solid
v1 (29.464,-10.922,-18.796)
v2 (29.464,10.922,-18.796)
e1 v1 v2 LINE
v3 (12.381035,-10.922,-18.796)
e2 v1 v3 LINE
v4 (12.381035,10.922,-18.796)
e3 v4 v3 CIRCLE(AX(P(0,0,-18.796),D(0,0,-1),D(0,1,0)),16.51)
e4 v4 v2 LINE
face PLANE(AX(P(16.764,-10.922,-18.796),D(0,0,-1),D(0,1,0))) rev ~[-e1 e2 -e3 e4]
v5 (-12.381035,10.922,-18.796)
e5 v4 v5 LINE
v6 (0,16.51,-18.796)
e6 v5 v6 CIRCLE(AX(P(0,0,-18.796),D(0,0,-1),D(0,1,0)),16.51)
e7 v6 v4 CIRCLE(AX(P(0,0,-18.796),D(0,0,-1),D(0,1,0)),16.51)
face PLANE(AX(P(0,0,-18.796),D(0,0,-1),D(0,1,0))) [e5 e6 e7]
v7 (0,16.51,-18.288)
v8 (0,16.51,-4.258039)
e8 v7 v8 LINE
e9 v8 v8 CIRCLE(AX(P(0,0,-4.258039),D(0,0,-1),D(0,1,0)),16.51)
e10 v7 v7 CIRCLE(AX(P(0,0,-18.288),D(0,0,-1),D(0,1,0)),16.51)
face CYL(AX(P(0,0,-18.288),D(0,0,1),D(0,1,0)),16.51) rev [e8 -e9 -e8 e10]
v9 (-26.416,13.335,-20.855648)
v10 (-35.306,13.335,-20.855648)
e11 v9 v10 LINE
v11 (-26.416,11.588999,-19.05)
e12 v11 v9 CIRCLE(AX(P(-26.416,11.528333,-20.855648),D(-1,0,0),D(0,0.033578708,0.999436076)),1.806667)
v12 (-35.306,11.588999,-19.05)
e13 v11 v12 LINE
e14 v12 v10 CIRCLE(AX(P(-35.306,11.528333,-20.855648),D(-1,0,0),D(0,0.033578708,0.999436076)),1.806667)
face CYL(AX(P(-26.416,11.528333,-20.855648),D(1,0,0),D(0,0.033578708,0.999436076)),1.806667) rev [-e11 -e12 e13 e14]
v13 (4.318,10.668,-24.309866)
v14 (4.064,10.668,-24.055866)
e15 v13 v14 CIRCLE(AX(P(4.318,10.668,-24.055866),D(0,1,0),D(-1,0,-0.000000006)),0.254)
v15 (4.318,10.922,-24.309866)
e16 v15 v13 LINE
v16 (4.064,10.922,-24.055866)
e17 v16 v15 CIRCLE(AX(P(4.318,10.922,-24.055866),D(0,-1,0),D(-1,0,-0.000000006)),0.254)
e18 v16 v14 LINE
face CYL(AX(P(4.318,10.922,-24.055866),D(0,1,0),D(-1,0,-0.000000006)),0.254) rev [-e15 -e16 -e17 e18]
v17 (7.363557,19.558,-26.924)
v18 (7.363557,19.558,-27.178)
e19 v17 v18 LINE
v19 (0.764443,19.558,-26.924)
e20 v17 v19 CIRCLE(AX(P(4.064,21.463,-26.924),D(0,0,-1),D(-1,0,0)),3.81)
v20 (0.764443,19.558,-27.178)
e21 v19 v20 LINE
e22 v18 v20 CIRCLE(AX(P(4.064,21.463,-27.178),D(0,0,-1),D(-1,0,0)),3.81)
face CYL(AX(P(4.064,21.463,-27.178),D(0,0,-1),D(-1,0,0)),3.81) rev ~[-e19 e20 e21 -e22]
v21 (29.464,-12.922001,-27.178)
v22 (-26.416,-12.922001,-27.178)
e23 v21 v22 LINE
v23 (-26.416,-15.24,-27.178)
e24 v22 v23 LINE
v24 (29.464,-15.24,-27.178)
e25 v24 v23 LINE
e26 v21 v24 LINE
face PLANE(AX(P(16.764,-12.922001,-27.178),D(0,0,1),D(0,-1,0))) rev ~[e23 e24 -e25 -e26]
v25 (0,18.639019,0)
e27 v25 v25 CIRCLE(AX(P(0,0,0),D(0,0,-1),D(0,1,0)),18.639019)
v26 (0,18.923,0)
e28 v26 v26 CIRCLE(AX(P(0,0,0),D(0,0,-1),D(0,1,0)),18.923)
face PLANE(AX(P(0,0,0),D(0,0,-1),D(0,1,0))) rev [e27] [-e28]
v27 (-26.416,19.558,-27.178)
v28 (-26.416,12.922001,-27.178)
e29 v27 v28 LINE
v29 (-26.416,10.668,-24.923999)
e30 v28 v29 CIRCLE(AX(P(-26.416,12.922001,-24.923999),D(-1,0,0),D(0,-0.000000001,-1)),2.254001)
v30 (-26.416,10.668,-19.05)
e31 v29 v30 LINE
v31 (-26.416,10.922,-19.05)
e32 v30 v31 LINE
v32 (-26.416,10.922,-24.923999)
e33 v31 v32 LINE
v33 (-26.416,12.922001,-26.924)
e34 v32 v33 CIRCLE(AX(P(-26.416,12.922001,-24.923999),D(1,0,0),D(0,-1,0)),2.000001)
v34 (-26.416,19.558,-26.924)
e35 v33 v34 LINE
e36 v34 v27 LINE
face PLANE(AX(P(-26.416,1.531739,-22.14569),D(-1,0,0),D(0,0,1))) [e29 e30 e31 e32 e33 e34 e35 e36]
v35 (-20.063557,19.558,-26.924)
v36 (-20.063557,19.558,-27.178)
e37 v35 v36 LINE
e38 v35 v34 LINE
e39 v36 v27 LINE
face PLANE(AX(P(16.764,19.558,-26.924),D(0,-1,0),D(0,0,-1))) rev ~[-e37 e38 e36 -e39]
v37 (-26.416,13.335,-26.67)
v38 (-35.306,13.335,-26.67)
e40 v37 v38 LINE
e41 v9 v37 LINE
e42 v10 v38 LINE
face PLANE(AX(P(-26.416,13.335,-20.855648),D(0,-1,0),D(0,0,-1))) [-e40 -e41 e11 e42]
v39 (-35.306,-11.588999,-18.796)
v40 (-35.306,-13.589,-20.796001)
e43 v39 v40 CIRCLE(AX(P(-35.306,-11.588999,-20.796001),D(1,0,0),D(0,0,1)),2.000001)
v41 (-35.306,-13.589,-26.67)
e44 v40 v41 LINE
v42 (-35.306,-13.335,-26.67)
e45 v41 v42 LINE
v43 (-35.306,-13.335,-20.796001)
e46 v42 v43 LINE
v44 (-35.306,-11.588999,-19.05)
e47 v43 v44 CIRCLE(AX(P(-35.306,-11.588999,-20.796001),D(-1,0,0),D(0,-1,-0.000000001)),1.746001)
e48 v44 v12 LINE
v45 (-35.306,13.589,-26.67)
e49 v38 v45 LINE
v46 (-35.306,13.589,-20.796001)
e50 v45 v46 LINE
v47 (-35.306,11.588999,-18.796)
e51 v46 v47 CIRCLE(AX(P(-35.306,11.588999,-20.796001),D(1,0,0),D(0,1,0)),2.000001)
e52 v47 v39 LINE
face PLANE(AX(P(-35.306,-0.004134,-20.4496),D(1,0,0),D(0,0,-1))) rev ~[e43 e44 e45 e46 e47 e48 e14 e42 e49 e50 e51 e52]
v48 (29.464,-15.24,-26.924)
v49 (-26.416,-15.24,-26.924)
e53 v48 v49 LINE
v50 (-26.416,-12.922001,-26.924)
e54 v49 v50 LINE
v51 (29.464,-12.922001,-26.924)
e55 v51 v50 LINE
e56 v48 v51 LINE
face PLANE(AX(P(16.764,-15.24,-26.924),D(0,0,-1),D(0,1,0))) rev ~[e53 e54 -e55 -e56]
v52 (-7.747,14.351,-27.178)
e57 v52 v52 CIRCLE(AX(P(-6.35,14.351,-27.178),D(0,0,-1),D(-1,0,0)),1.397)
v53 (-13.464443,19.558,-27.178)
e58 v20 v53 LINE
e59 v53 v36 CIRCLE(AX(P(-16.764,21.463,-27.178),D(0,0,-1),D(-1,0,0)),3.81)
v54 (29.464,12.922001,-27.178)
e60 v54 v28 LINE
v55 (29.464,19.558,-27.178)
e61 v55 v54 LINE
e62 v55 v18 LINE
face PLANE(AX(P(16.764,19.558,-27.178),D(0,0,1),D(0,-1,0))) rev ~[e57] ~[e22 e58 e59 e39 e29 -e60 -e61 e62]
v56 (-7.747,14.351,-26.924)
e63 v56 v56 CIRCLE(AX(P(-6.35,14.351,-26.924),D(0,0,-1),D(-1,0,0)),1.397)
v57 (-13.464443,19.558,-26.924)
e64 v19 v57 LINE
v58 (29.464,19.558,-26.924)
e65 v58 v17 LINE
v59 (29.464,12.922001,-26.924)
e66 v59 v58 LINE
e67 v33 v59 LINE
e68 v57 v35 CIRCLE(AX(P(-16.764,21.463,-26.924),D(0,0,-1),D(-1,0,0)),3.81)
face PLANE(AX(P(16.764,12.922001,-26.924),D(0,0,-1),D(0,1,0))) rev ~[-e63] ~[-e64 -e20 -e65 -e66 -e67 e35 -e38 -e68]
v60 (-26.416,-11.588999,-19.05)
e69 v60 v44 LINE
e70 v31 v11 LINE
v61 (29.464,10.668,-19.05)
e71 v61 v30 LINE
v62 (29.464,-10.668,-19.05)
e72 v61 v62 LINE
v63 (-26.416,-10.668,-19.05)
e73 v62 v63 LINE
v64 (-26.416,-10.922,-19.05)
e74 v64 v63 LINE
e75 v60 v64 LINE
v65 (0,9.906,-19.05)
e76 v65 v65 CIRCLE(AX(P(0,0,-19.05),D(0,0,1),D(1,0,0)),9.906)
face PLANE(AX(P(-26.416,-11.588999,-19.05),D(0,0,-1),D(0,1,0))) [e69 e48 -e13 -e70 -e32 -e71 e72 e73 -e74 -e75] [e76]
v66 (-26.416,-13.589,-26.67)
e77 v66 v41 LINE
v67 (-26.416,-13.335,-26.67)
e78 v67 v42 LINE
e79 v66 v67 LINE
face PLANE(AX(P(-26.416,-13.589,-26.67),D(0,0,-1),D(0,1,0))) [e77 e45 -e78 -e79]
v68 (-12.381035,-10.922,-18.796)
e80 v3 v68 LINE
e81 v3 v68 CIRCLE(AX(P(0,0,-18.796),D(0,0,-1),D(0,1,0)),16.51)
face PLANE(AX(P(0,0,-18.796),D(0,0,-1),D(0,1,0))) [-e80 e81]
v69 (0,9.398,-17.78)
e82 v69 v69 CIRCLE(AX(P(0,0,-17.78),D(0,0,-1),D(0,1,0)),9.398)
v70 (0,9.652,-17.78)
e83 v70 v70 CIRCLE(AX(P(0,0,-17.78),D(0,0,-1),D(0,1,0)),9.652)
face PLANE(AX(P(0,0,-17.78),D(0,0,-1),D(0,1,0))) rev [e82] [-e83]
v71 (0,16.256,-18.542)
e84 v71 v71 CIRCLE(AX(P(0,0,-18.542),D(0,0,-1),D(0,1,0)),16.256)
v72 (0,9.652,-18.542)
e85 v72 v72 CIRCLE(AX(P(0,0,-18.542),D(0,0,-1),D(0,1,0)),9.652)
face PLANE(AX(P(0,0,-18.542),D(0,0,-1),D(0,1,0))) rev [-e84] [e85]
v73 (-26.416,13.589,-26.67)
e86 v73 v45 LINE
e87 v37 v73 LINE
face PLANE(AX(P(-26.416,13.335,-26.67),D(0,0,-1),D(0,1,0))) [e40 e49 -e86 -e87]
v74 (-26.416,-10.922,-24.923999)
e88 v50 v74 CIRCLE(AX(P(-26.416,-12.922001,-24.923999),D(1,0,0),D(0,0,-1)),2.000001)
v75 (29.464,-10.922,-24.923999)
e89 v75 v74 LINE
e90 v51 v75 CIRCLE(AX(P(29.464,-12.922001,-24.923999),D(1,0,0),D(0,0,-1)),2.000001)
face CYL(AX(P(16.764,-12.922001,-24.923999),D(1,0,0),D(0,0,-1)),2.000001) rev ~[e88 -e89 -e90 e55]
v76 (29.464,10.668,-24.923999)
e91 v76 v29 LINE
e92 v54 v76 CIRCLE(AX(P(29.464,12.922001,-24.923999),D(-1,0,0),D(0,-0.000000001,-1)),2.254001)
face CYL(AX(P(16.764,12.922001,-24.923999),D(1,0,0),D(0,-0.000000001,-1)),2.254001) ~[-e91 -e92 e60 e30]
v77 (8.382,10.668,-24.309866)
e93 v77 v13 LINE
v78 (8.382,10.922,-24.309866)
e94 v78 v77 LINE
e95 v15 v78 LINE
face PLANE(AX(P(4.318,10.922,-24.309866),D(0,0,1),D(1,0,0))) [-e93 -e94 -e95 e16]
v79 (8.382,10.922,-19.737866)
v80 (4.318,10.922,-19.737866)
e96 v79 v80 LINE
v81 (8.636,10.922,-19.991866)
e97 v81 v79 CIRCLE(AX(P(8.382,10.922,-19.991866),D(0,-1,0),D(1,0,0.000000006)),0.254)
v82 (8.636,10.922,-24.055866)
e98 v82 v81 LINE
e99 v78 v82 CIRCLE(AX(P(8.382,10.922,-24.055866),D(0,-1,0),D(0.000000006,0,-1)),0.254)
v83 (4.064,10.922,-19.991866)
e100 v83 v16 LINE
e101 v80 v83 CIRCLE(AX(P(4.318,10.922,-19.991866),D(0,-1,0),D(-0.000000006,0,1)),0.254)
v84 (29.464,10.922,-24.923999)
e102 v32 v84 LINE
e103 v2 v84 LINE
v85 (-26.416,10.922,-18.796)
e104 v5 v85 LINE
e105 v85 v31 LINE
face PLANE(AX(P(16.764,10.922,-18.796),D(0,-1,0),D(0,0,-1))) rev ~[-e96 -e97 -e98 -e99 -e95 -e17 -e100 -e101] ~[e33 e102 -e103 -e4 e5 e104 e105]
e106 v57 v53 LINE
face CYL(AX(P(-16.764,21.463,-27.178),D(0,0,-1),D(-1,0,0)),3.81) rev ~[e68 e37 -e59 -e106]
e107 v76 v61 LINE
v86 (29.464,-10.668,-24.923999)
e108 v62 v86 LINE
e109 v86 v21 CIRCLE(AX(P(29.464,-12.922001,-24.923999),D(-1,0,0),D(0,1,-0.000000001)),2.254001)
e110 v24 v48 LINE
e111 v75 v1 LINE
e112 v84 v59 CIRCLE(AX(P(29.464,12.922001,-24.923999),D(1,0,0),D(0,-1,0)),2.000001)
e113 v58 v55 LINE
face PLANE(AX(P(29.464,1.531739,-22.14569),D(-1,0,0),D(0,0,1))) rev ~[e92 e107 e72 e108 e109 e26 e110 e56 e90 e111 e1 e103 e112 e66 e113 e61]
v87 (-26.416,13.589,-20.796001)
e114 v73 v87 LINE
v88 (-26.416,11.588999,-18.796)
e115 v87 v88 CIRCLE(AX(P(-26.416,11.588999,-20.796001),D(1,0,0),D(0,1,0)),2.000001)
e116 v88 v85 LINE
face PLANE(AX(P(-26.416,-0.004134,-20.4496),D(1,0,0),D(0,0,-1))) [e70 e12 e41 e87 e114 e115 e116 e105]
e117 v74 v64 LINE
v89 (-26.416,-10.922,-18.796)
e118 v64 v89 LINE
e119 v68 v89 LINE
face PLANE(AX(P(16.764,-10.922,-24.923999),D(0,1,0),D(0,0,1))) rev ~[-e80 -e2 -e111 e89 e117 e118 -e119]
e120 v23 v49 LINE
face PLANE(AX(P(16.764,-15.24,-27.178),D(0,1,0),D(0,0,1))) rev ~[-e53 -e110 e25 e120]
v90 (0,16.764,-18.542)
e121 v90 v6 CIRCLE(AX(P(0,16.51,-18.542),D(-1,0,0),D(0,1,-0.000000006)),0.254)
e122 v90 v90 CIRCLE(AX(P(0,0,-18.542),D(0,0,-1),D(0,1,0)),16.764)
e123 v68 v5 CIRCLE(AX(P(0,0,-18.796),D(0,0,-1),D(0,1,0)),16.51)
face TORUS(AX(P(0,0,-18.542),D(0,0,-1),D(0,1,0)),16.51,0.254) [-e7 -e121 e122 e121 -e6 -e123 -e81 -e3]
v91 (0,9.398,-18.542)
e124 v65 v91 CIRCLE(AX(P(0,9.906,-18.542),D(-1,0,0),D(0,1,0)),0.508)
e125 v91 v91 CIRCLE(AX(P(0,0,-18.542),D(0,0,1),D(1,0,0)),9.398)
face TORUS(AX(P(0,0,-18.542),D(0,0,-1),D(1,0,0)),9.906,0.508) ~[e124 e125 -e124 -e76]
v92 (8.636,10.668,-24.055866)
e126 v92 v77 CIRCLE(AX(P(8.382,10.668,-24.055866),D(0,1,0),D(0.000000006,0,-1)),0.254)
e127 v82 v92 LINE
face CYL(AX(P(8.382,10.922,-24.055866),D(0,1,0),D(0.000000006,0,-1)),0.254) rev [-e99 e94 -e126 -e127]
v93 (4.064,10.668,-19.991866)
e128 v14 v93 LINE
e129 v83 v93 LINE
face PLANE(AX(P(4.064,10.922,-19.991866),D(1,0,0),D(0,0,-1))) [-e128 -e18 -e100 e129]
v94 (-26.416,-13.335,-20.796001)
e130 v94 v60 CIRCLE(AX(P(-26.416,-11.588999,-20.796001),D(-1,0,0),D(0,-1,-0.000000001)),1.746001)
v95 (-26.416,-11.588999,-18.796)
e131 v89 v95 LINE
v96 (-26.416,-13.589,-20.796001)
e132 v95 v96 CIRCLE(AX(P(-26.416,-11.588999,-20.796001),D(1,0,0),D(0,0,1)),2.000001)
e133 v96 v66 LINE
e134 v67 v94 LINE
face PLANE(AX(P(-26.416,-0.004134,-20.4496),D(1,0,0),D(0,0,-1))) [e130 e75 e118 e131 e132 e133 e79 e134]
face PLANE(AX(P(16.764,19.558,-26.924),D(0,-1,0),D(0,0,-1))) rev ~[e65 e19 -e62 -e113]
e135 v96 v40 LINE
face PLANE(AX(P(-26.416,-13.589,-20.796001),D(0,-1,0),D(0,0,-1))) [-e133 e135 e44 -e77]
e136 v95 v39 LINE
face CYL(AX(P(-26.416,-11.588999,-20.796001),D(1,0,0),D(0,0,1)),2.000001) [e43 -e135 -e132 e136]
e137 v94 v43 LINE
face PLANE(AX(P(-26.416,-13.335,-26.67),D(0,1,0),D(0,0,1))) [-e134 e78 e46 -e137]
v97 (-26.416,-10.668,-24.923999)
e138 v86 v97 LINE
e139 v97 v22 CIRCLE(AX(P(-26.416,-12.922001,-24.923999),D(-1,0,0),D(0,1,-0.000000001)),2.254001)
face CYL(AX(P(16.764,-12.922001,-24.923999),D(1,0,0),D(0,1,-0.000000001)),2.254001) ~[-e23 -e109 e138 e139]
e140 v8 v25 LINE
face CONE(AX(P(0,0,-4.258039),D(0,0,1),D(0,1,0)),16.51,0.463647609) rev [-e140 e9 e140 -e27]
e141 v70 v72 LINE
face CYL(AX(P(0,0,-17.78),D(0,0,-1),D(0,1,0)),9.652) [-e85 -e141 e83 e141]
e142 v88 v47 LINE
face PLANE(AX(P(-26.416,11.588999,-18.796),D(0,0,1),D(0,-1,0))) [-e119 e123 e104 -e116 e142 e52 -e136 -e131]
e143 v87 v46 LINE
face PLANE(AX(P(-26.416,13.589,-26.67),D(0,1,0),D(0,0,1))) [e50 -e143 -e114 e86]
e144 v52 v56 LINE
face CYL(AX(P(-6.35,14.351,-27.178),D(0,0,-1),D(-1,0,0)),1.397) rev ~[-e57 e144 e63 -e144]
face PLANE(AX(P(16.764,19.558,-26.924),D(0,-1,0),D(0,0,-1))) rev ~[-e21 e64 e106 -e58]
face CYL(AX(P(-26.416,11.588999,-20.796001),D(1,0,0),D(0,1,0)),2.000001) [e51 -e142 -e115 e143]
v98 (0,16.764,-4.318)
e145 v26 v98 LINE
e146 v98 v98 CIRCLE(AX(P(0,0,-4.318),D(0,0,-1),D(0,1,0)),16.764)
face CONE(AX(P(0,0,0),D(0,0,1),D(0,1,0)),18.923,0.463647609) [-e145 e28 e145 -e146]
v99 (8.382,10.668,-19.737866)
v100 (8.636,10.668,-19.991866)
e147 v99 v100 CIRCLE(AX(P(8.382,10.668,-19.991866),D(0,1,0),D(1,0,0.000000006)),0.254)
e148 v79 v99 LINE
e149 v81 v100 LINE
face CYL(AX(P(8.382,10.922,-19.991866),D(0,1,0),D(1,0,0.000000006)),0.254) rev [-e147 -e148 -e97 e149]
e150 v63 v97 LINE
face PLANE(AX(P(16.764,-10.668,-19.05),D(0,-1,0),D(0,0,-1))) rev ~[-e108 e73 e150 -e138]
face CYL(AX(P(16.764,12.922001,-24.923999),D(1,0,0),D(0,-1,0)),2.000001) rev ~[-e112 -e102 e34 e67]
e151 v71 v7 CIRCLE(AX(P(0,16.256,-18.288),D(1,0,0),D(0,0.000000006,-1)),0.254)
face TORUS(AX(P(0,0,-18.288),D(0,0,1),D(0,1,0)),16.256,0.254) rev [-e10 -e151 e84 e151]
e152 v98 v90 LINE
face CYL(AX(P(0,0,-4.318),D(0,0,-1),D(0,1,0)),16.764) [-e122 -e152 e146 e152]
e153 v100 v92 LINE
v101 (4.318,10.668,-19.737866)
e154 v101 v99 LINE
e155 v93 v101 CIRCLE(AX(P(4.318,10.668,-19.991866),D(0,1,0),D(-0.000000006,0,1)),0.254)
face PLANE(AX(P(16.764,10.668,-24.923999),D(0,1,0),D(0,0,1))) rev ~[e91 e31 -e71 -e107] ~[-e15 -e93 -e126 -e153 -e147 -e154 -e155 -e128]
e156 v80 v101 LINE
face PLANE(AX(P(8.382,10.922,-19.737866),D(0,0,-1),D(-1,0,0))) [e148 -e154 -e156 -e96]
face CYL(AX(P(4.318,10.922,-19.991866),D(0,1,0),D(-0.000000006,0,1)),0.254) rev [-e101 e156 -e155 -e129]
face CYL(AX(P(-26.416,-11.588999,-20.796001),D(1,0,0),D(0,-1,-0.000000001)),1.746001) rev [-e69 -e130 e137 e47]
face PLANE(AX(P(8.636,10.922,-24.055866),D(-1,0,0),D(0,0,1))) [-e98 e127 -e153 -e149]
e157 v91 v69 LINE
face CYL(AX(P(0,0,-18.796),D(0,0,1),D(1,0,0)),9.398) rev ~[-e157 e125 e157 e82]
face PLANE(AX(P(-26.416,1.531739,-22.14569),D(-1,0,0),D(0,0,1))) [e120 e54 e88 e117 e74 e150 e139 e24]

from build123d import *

# Parameters (mm, degrees)
BOSS_EXTRUDE2_DEPTH = 12.7
BOSS_EXTRUDE3_DEPTH = 43.18
BOSS_EXTRUDE4_DEPTH = 8.89
SKETCH10_R          = 9.398
CUT_EXTRUDE2_DEPTH  = 9.398
FILLET1_R           = 0.508
SKETCH11_R          = 1.397
CUT_EXTRUDE3_DEPTH  = 0.254
SKETCH12_R          = 3.81
CUT_EXTRUDE5_DEPTH  = 2.54
CUT_EXTRUDE6_REACH  = 31.845


with BuildPart() as part:
    # Sketch2 → Revolve1 (revolve)
    with BuildSketch(Plane(origin=(0, 0, 0), x_dir=(0, 0, -1), z_dir=(1, 0, 0))):
        with BuildLine():
            Line((0, 18.923), (4.318, 16.764))
            Line((4.318, 16.764), (18.542, 16.764))
            ThreePointArc((18.542, 16.764), (18.721605122, 16.689605122), (18.796, 16.51))
            Line((18.796, 16.51), (18.796, 9.398))
            Line((18.796, 9.398), (17.78, 9.398))
            Line((17.78, 9.398), (17.78, 9.652))
            Line((17.78, 9.652), (18.542, 9.652))
            Line((18.542, 9.652), (18.542, 16.256))
            ThreePointArc((18.542, 16.256), (18.467605122, 16.435605122), (18.288, 16.51))
            Line((18.288, 16.51), (4.258038734, 16.51))
            Line((4.258038734, 16.51), (0, 18.639019367))
            Line((0, 18.639019367), (0, 18.923))
        make_face()
    revolve(axis=Axis((0, 0, 8.948655539), (0, 0, -1)))



with BuildPart() as body_2:
    # Sketch6 → Boss-Extrude2 (new body)
    with BuildSketch(Plane(origin=(16.764, 0, 0), x_dir=(0, 0, -1), z_dir=(1, 0, 0))):
        with BuildLine():
            Line((26.924, 19.558), (27.178, 19.558))
            Line((27.178, 19.558), (27.178, 12.92200108))
            ThreePointArc((27.178, 12.92200108), (26.517818368, 11.328181632), (24.92399892, 10.668))
            Line((24.92399892, 10.668), (19.05, 10.668))
            Line((19.05, 10.668), (19.05, -10.668))
            Line((19.05, -10.668), (24.92399892, -10.668))
            ThreePointArc((24.92399892, -10.668), (26.517818368, -11.328181632), (27.178, -12.92200108))
            Line((27.178, -12.92200108), (27.178, -15.24))
            Line((27.178, -15.24), (26.924, -15.24))
            Line((26.924, -15.24), (26.924, -12.92200108))
            ThreePointArc((26.924, -12.92200108), (26.338213246, -11.507786754), (24.92399892, -10.922))
            Line((24.92399892, -10.922), (18.796, -10.922))
            Line((18.796, -10.922), (18.796, 10.922))
            Line((18.796, 10.922), (24.92399892, 10.922))
            ThreePointArc((24.92399892, 10.922), (26.338213246, 11.507786754), (26.924, 12.92200108))
            Line((26.924, 12.92200108), (26.924, 19.558))
        make_face()
    extrude(amount=BOSS_EXTRUDE2_DEPTH)


with BuildPart() as part_1:
    add(part.part)

    add(body_2.part)  # Boss-Extrude3 merges body 2
    # Sketch8 → Boss-Extrude3 (add)
    with BuildSketch(Plane.ZY.offset(-16.764)):
        with BuildLine():
            Line((-26.924, 12.92200108), (-26.924, 19.558))
            Line((-26.924, 19.558), (-27.178, 19.558))
            Line((-27.178, 19.558), (-27.178, 12.92200108))
            ThreePointArc((-27.178, 12.92200108), (-26.517818368, 11.328181632), (-24.92399892, 10.668))
            Line((-24.92399892, 10.668), (-19.05, 10.668))
            Line((-19.05, 10.668), (-19.05, -10.668))
            Line((-19.05, -10.668), (-24.92399892, -10.668))
            ThreePointArc((-24.92399892, -10.668), (-26.517818368, -11.328181632), (-27.178, -12.92200108))
            Line((-27.178, -12.92200108), (-27.178, -15.24))
            Line((-27.178, -15.24), (-26.924, -15.24))
            Line((-26.924, -15.24), (-26.924, -12.92200108))
            ThreePointArc((-26.924, -12.92200108), (-26.338213246, -11.507786754), (-24.92399892, -10.922))
            Line((-24.92399892, -10.922), (-18.796, -10.922))
            Line((-18.796, -10.922), (-18.796, 10.922))
            Line((-18.796, 10.922), (-24.92399892, 10.922))
            ThreePointArc((-24.92399892, 10.922), (-26.338213246, 11.507786754), (-26.924, 12.92200108))
        make_face()
    extrude(amount=BOSS_EXTRUDE3_DEPTH)

    # Sketch9 → Boss-Extrude4 (add)
    with BuildSketch(Plane.ZY.offset(26.416)):
        with BuildLine():
            Line((-18.796, 11.58899892), (-18.796, -11.58899892))
            ThreePointArc((-18.796, -11.58899892), (-19.381786754, -13.003213246), (-20.79600108, -13.589))
            Line((-20.79600108, -13.589), (-26.67, -13.589))
            Line((-26.67, -13.589), (-26.67, -13.335))
            Line((-26.67, -13.335), (-20.79600108, -13.335))
            ThreePointArc((-20.79600108, -13.335), (-19.561391876, -12.823608124), (-19.05, -11.58899892))
            Line((-19.05, -11.58899892), (-19.05, 11.58899892))
            ThreePointArc((-19.05, 11.58899892), (-19.599773222, 12.827111013), (-20.855647788, 13.335))
            Line((-20.855647788, 13.335), (-26.67, 13.335))
            Line((-26.67, 13.335), (-26.67, 13.589))
            Line((-26.67, 13.589), (-20.79600108, 13.589))
            ThreePointArc((-20.79600108, 13.589), (-19.381786754, 13.003213246), (-18.796, 11.58899892))
        make_face()
    extrude(amount=BOSS_EXTRUDE4_DEPTH)

    # Sketch10 → Cut-Extrude2 (cut)
    with BuildSketch(Plane.XY.offset(-18.796)):
        Circle(SKETCH10_R)
    extrude(amount=-CUT_EXTRUDE2_DEPTH, mode=Mode.SUBTRACT)

    # Fillet1
    fillet1_edges = [part_1.edges().sort_by_distance(p)[0] for p in [
        (-9.398, 0, -19.05),
    ]]
    fillet(fillet1_edges, radius=FILLET1_R)

    # Sketch11 → Cut-Extrude3 (cut)
    with BuildSketch(Plane(origin=(0, 0, -27.178), x_dir=(-1, 0, 0), z_dir=(0, 0, -1))):
        with Locations((6.35, 14.351)):
            Circle(SKETCH11_R)
    extrude(amount=-CUT_EXTRUDE3_DEPTH, mode=Mode.SUBTRACT)

    # Sketch12 → Cut-Extrude5 (cut)
    with BuildSketch(Plane(origin=(0, 0, -27.178), x_dir=(-1, 0, 0), z_dir=(0, 0, -1))):
        with Locations((16.764, 21.463)):
            Circle(SKETCH12_R)
        with Locations((-4.064, 21.463)):
            Circle(SKETCH12_R)
    extrude(amount=-CUT_EXTRUDE5_DEPTH, mode=Mode.SUBTRACT)

    # Sketch13 → Cut-Extrude6 (cut, up to next)
    with BuildSketch(Plane(origin=(0, 10.922, 0), x_dir=(1, 0, 0), z_dir=(0, 1, 0)), mode=Mode.PRIVATE) as cut_extrude6_sk1:
        with BuildLine():
            Line((4.318, 24.309866454), (8.382, 24.309866454))
            ThreePointArc((8.382, 24.309866454), (8.561605122, 24.235471576), (8.636, 24.055866454))
            Line((8.636, 24.055866454), (8.636, 19.991866454))
            ThreePointArc((8.636, 19.991866454), (8.561605122, 19.812261332), (8.382, 19.737866454))
            Line((8.382, 19.737866454), (4.318, 19.737866454))
            ThreePointArc((4.318, 19.737866454), (4.138394878, 19.812261332), (4.064, 19.991866454))
            Line((4.064, 19.991866454), (4.064, 24.055866454))
            ThreePointArc((4.064, 24.055866454), (4.138394878, 24.235471576), (4.318, 24.309866454))
        make_face()
    cut_extrude6_tool1 = extrude(cut_extrude6_sk1.sketch, amount=-CUT_EXTRUDE6_REACH, mode=Mode.PRIVATE) & part_1.part
    add(cut_extrude6_tool1.solids().sort_by_distance((6.35, 10.922, -22.023866))[0], mode=Mode.SUBTRACT)


solid = part_1.part
